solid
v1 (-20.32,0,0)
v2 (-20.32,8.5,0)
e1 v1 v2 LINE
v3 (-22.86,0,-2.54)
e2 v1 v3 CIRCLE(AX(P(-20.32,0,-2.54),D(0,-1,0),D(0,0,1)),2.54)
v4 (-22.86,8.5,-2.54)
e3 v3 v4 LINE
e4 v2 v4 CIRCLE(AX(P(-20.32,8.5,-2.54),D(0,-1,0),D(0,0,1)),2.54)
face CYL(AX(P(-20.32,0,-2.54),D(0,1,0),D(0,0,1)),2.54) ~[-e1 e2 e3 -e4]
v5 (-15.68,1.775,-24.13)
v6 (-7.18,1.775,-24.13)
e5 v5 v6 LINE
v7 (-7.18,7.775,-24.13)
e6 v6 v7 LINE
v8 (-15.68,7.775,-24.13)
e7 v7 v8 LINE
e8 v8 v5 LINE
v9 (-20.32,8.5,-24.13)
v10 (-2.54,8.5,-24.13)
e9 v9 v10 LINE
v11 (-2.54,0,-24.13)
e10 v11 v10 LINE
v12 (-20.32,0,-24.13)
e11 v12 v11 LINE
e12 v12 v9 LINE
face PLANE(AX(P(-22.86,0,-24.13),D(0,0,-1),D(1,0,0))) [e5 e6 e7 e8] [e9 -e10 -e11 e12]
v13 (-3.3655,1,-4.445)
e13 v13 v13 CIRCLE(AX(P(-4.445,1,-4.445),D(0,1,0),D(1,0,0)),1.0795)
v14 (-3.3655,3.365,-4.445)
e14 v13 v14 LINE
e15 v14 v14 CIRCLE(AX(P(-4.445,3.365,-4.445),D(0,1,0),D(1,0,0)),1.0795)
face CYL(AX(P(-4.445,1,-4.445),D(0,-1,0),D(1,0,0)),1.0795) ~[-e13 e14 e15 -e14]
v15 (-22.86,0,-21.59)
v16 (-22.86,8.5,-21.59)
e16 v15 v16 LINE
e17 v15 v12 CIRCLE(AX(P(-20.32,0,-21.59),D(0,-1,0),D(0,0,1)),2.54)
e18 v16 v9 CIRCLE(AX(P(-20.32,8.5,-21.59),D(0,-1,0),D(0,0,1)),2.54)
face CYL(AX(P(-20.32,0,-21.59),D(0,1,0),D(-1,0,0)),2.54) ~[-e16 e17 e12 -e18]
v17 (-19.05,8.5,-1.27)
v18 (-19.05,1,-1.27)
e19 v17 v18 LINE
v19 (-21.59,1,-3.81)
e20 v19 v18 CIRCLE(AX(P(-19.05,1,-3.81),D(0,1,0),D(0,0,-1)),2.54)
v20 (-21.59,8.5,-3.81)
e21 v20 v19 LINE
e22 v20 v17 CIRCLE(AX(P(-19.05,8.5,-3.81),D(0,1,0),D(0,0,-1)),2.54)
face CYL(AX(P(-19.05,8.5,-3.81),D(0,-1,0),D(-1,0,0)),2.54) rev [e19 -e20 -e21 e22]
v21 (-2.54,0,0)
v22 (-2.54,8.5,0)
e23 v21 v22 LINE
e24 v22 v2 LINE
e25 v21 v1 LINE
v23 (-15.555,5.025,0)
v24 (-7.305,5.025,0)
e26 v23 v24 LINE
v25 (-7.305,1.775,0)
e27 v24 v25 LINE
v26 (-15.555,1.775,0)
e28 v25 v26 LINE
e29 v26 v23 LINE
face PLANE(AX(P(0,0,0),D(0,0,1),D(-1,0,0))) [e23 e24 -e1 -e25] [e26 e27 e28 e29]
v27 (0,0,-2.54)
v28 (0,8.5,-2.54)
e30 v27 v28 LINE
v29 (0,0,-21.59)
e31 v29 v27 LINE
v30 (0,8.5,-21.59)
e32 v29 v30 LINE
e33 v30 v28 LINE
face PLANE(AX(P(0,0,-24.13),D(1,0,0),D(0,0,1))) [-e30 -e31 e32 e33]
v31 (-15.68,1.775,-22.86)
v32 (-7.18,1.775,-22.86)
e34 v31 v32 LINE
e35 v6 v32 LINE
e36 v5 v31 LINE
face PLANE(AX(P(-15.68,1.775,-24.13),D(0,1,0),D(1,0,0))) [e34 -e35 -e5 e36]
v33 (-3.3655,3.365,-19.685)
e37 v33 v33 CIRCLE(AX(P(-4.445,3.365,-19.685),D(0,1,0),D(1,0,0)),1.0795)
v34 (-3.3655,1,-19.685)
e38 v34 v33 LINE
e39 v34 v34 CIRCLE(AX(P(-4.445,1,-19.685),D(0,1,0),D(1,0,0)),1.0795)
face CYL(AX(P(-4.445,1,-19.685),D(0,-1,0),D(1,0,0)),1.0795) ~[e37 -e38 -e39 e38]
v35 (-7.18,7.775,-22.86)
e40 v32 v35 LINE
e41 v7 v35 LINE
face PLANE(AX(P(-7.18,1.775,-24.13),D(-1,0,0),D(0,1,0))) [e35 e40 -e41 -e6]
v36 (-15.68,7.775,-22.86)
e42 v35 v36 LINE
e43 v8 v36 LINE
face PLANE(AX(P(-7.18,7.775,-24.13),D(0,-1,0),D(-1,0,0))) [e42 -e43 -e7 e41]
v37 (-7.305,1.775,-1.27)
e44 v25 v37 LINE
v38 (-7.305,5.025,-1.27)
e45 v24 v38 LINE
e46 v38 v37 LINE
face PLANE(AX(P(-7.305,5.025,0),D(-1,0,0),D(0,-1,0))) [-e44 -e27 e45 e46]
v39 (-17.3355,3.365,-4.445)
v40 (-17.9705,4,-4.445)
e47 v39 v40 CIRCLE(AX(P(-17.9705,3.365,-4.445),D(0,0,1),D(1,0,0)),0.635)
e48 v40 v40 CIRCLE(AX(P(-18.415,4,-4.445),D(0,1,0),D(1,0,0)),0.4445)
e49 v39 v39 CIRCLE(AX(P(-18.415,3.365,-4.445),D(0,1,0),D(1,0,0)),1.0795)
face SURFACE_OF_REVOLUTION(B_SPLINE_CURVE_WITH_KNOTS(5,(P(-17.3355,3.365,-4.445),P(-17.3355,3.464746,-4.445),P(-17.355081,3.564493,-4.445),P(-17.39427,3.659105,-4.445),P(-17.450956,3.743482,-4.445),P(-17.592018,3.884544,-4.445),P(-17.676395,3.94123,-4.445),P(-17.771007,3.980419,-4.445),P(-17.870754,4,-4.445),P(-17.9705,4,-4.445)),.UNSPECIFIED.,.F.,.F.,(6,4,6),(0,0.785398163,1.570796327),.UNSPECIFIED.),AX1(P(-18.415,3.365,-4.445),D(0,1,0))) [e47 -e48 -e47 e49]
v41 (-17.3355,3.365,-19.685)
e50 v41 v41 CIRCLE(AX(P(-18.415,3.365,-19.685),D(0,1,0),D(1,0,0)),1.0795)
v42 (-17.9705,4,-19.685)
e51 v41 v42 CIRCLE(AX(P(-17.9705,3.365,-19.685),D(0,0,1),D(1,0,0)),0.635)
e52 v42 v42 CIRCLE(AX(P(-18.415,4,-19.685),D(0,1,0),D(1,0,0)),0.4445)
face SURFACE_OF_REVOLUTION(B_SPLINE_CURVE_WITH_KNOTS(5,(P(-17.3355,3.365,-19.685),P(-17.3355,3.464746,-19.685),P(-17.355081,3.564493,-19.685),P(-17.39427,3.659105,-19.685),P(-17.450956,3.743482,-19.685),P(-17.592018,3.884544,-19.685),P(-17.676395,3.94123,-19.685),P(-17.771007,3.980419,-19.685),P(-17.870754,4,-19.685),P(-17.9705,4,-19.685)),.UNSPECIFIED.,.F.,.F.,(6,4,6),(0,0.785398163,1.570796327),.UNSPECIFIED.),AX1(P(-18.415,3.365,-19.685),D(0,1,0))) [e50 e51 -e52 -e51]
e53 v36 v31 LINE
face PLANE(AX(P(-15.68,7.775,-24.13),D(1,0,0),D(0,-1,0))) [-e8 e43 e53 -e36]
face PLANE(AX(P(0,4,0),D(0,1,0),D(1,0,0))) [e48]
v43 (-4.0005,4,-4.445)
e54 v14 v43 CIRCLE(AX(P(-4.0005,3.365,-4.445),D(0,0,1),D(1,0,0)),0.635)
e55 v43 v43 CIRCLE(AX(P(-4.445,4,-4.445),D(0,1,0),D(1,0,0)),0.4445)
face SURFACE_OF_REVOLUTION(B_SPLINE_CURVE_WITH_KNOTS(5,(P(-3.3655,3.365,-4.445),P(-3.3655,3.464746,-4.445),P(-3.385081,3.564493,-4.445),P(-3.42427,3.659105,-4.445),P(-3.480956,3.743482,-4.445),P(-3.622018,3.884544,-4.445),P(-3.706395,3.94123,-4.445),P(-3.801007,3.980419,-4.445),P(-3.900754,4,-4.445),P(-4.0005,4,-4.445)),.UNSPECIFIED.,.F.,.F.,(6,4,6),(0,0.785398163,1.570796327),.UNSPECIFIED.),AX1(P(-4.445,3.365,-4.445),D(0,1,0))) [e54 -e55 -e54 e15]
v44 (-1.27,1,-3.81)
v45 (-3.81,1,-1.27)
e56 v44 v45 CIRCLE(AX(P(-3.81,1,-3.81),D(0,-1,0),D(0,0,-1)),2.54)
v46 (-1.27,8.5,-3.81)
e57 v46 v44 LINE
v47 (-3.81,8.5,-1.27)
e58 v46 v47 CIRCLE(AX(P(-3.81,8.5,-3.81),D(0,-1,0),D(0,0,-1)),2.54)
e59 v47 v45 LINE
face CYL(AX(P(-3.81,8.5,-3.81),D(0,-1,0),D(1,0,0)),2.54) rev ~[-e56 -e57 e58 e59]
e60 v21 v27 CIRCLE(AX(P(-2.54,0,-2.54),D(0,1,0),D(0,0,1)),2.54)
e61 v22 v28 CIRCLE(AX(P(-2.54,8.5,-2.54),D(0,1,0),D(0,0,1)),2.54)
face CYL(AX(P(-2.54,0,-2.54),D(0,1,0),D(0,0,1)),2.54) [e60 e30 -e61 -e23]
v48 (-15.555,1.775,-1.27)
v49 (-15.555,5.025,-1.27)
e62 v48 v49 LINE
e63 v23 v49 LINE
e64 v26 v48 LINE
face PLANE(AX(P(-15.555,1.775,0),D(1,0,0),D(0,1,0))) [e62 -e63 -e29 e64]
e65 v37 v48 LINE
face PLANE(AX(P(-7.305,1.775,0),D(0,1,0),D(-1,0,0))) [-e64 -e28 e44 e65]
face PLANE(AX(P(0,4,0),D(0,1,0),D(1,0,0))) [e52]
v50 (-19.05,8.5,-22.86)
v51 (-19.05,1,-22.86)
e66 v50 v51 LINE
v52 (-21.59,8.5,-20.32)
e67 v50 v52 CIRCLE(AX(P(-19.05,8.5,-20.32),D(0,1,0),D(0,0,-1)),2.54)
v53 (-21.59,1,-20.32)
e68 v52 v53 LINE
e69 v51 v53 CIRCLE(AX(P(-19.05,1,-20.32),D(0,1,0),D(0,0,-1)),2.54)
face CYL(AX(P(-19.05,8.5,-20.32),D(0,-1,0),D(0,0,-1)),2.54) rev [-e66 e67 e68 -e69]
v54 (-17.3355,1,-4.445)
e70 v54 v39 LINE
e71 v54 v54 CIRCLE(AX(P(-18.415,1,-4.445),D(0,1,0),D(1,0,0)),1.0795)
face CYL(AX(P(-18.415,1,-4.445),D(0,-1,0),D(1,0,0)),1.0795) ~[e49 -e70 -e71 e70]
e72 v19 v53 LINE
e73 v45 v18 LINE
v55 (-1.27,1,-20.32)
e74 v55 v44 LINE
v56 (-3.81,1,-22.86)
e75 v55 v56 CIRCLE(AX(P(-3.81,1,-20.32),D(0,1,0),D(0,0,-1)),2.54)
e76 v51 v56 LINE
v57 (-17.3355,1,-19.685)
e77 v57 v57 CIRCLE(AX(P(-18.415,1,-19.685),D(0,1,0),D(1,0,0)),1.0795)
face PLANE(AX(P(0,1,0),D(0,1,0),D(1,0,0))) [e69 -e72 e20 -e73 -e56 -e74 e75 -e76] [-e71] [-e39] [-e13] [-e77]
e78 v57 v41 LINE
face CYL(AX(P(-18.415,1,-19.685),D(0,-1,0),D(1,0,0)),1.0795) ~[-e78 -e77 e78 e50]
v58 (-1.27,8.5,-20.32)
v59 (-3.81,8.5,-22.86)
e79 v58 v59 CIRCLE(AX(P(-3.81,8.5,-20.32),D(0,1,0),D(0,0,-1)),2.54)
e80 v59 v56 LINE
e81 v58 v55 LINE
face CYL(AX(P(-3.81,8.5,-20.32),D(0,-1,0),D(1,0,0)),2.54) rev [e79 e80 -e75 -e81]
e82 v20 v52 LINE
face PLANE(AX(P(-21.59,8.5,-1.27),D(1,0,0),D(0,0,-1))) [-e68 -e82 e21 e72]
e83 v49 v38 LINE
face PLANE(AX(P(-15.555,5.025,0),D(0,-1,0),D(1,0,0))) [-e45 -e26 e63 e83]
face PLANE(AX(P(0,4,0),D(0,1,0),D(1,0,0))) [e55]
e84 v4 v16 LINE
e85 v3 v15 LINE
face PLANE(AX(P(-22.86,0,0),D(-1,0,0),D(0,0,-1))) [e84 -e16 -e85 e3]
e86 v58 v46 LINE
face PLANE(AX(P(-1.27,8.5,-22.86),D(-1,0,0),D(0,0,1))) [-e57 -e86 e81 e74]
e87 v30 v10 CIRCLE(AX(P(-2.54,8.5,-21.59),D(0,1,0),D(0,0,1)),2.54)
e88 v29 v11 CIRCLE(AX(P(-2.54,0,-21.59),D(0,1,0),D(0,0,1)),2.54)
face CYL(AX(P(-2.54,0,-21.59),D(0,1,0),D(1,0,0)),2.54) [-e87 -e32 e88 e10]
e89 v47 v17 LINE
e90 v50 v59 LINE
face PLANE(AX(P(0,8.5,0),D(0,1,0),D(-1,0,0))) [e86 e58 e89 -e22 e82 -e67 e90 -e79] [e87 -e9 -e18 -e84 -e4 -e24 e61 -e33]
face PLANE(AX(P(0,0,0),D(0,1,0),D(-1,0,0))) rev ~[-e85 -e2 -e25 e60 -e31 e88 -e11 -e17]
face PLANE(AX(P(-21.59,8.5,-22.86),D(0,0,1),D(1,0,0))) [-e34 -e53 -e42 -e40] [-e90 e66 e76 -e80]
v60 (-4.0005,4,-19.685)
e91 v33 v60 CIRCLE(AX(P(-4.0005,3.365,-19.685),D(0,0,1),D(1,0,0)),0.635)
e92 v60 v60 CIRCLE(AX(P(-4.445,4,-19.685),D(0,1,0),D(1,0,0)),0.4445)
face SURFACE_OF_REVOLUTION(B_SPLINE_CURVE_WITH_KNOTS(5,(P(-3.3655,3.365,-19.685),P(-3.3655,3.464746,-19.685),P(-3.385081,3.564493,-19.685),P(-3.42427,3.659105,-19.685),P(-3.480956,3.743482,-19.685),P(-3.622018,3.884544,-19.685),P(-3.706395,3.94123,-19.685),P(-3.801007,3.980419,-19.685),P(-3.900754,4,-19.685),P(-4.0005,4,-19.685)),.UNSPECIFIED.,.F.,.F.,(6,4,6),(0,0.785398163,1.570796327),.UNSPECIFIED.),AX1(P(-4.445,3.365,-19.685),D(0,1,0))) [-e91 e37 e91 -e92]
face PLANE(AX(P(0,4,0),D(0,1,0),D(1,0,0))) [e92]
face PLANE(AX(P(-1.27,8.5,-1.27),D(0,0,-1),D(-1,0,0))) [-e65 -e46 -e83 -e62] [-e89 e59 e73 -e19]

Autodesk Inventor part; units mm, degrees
ref_plane "YZ Plane" through (0, 0, 0) normal (1, 0, 0) x (0, 1, 0)
ref_plane "XZ Plane" through (0, 0, 0) normal (0, 1, 0) x (-1, 0, 0)
ref_plane "XY Plane" through (0, 0, 0) normal (0, 0, 1) x (1, 0, 0)
sketch "Sketch1" plane through (0, 0, 0) normal (0, 1, 0) x (-1, 0, 0)
  line L0 (0, 0) -> (22.86, 0)
  line L1 (22.86, 0) -> (22.86, -24.13)
  line L2 (22.86, -24.13) -> (0, -24.13)
  line L3 (0, -24.13) -> (0, 0)
  dimension "d0" = 24.13
  dimension "d1" = 22.86
extrude "Extrusion1" add sketch "Sketch1" along normal blind 8.5
sketch "Sketch2" plane through (0, 8.5, 0) normal (0, 1, 0) x (1, 0, 0)
  line L0 (-1.27, 1.27) -> (-21.59, 1.27)
  line L1 (-21.59, 1.27) -> (-21.59, 22.86)
  line L2 (-21.59, 22.86) -> (-1.27, 22.86)
  line L3 (-1.27, 22.86) -> (-1.27, 1.27)
  line L4 (-22.86, 0) -> (0, 0) projected
  line L5 (0, 24.13) -> (-22.86, 24.13) projected
  line L6 (0, 0) -> (0, 24.13) projected
  line L7 (-22.86, 24.13) -> (-22.86, 0) projected
  dimension "d4" = 21.59
  dimension "d5" = 20.32
  dimension "d6" = 1.27
  dimension "d7" = 1.27
  dimension "d8" = 1.27
  dimension "d9" = 1.27
extrude "Extrusion2" cut sketch "Sketch2" against normal blind 7.5 contours L0 L1 L2 L3
fillet "Fillet1" radius 2.54 4 edges at (-21.59, 4.75, -1.27) (-21.59, 4.75, -22.86) (-1.27, 4.75, -22.86) (-1.27, 4.75, -1.27)
sketch "Sketch3" plane through (0, 1, 0) normal (0, 1, 0) x (1, 0, 0)
  line L0 (-3.81, 1.27) -> (-19.05, 1.27) projected
  line L1 (-19.05, 22.86) -> (-3.81, 22.86) projected
  line L2 (-1.27, 20.32) -> (-1.27, 3.81) projected
  line L3 (-21.59, 3.81) -> (-21.59, 20.32) projected
  circle A0 centre (-18.415, 4.445) radius 1.0795
  circle A1 centre (-18.415, 19.685) radius 1.0795
  circle A2 centre (-4.445, 19.685) radius 1.0795
  circle A3 centre (-4.445, 4.445) radius 1.0795
  point P0 (0, 0)
  dimension "d13" = 13.97
  dimension "d14" = 15.24
  dimension "d15" = 13.97
  dimension "d16" = 15.24
  dimension "d17" = 3.175
  dimension "d19" = 3.175
  dimension "d20" = 3.175
  dimension "d21" = 3.175
  dimension "d22" = 3.175
  dimension "d23" = 3.175
  dimension "d24" = 2.159
extrude "Extrusion3" add sketch "Sketch3" along normal blind 3
fillet "Fillet2" radius 0.635 4 edges at (-19.4945, 4, -19.685) (-5.5245, 4, -19.685) (-19.4945, 4, -4.445) (-5.5245, 4, -4.445)
sketch "Sketch4" plane through (-22.86, 0, 0) normal (0, 0, 1) x (1, 0, 0)
  line L0 (7.305, 5.025) -> (15.555, 5.025)
  line L1 (15.555, 5.025) -> (15.555, 1.775)
  line L2 (15.555, 1.775) -> (7.305, 1.775)
  line L3 (7.305, 1.775) -> (7.305, 5.025)
  line L4 (0, 0) -> (0, 8.5) projected
  line L5 (22.86, 0) -> (22.86, 8.5) projected
  line L6 (19.05, 1) -> (3.81, 1) projected
  dimension "d28" = 8.25
  dimension "d29" = 3.25
  dimension "d30" = 7.305
  dimension "d31" = 7.305
  dimension "d32" = 0.775
extrude "Extrusion4" cut sketch "Sketch4" against normal up to surface (1.27 mm away)
sketch "Sketch5" plane through (0, 0, -24.13) normal (0, 0, -1) x (-1, 0, 0)
  line L0 (7.18, 7.775) -> (15.68, 7.775)
  line L1 (15.68, 7.775) -> (15.68, 1.775)
  line L2 (15.68, 1.775) -> (7.18, 1.775)
  line L3 (7.18, 1.775) -> (7.18, 7.775)
  line L4 (0, 0) -> (0, 8.5) projected
  line L5 (22.86, 0) -> (22.86, 8.5) projected
  line L6 (0, 0) -> (22.86, 0) projected
  line L7 (19.05, 1) -> (3.81, 1) projected
  dimension "d35" = 8.5
  dimension "d36" = 6
  dimension "d37" = 7.18
  dimension "d38" = 7.18
  dimension "d43" = 0.775
extrude "Extrusion5" cut sketch "Sketch5" against normal up to surface (1.27 mm away)
fillet "Fillet3" radius 2.54 4 edges at (0, 4.25, 0) (-22.86, 4.25, 0) (0, 4.25, -24.13) (-22.86, 4.25, -24.13)
equation "\"d6\" = d7"
equation "\"d8\" = d9"
equation "\"d16\" = d14"
equation "\"d22\" = d23"
equation "\"d30\" = d31"
equation "\"d37\" = d38"
properties part number "micro lipo case"
